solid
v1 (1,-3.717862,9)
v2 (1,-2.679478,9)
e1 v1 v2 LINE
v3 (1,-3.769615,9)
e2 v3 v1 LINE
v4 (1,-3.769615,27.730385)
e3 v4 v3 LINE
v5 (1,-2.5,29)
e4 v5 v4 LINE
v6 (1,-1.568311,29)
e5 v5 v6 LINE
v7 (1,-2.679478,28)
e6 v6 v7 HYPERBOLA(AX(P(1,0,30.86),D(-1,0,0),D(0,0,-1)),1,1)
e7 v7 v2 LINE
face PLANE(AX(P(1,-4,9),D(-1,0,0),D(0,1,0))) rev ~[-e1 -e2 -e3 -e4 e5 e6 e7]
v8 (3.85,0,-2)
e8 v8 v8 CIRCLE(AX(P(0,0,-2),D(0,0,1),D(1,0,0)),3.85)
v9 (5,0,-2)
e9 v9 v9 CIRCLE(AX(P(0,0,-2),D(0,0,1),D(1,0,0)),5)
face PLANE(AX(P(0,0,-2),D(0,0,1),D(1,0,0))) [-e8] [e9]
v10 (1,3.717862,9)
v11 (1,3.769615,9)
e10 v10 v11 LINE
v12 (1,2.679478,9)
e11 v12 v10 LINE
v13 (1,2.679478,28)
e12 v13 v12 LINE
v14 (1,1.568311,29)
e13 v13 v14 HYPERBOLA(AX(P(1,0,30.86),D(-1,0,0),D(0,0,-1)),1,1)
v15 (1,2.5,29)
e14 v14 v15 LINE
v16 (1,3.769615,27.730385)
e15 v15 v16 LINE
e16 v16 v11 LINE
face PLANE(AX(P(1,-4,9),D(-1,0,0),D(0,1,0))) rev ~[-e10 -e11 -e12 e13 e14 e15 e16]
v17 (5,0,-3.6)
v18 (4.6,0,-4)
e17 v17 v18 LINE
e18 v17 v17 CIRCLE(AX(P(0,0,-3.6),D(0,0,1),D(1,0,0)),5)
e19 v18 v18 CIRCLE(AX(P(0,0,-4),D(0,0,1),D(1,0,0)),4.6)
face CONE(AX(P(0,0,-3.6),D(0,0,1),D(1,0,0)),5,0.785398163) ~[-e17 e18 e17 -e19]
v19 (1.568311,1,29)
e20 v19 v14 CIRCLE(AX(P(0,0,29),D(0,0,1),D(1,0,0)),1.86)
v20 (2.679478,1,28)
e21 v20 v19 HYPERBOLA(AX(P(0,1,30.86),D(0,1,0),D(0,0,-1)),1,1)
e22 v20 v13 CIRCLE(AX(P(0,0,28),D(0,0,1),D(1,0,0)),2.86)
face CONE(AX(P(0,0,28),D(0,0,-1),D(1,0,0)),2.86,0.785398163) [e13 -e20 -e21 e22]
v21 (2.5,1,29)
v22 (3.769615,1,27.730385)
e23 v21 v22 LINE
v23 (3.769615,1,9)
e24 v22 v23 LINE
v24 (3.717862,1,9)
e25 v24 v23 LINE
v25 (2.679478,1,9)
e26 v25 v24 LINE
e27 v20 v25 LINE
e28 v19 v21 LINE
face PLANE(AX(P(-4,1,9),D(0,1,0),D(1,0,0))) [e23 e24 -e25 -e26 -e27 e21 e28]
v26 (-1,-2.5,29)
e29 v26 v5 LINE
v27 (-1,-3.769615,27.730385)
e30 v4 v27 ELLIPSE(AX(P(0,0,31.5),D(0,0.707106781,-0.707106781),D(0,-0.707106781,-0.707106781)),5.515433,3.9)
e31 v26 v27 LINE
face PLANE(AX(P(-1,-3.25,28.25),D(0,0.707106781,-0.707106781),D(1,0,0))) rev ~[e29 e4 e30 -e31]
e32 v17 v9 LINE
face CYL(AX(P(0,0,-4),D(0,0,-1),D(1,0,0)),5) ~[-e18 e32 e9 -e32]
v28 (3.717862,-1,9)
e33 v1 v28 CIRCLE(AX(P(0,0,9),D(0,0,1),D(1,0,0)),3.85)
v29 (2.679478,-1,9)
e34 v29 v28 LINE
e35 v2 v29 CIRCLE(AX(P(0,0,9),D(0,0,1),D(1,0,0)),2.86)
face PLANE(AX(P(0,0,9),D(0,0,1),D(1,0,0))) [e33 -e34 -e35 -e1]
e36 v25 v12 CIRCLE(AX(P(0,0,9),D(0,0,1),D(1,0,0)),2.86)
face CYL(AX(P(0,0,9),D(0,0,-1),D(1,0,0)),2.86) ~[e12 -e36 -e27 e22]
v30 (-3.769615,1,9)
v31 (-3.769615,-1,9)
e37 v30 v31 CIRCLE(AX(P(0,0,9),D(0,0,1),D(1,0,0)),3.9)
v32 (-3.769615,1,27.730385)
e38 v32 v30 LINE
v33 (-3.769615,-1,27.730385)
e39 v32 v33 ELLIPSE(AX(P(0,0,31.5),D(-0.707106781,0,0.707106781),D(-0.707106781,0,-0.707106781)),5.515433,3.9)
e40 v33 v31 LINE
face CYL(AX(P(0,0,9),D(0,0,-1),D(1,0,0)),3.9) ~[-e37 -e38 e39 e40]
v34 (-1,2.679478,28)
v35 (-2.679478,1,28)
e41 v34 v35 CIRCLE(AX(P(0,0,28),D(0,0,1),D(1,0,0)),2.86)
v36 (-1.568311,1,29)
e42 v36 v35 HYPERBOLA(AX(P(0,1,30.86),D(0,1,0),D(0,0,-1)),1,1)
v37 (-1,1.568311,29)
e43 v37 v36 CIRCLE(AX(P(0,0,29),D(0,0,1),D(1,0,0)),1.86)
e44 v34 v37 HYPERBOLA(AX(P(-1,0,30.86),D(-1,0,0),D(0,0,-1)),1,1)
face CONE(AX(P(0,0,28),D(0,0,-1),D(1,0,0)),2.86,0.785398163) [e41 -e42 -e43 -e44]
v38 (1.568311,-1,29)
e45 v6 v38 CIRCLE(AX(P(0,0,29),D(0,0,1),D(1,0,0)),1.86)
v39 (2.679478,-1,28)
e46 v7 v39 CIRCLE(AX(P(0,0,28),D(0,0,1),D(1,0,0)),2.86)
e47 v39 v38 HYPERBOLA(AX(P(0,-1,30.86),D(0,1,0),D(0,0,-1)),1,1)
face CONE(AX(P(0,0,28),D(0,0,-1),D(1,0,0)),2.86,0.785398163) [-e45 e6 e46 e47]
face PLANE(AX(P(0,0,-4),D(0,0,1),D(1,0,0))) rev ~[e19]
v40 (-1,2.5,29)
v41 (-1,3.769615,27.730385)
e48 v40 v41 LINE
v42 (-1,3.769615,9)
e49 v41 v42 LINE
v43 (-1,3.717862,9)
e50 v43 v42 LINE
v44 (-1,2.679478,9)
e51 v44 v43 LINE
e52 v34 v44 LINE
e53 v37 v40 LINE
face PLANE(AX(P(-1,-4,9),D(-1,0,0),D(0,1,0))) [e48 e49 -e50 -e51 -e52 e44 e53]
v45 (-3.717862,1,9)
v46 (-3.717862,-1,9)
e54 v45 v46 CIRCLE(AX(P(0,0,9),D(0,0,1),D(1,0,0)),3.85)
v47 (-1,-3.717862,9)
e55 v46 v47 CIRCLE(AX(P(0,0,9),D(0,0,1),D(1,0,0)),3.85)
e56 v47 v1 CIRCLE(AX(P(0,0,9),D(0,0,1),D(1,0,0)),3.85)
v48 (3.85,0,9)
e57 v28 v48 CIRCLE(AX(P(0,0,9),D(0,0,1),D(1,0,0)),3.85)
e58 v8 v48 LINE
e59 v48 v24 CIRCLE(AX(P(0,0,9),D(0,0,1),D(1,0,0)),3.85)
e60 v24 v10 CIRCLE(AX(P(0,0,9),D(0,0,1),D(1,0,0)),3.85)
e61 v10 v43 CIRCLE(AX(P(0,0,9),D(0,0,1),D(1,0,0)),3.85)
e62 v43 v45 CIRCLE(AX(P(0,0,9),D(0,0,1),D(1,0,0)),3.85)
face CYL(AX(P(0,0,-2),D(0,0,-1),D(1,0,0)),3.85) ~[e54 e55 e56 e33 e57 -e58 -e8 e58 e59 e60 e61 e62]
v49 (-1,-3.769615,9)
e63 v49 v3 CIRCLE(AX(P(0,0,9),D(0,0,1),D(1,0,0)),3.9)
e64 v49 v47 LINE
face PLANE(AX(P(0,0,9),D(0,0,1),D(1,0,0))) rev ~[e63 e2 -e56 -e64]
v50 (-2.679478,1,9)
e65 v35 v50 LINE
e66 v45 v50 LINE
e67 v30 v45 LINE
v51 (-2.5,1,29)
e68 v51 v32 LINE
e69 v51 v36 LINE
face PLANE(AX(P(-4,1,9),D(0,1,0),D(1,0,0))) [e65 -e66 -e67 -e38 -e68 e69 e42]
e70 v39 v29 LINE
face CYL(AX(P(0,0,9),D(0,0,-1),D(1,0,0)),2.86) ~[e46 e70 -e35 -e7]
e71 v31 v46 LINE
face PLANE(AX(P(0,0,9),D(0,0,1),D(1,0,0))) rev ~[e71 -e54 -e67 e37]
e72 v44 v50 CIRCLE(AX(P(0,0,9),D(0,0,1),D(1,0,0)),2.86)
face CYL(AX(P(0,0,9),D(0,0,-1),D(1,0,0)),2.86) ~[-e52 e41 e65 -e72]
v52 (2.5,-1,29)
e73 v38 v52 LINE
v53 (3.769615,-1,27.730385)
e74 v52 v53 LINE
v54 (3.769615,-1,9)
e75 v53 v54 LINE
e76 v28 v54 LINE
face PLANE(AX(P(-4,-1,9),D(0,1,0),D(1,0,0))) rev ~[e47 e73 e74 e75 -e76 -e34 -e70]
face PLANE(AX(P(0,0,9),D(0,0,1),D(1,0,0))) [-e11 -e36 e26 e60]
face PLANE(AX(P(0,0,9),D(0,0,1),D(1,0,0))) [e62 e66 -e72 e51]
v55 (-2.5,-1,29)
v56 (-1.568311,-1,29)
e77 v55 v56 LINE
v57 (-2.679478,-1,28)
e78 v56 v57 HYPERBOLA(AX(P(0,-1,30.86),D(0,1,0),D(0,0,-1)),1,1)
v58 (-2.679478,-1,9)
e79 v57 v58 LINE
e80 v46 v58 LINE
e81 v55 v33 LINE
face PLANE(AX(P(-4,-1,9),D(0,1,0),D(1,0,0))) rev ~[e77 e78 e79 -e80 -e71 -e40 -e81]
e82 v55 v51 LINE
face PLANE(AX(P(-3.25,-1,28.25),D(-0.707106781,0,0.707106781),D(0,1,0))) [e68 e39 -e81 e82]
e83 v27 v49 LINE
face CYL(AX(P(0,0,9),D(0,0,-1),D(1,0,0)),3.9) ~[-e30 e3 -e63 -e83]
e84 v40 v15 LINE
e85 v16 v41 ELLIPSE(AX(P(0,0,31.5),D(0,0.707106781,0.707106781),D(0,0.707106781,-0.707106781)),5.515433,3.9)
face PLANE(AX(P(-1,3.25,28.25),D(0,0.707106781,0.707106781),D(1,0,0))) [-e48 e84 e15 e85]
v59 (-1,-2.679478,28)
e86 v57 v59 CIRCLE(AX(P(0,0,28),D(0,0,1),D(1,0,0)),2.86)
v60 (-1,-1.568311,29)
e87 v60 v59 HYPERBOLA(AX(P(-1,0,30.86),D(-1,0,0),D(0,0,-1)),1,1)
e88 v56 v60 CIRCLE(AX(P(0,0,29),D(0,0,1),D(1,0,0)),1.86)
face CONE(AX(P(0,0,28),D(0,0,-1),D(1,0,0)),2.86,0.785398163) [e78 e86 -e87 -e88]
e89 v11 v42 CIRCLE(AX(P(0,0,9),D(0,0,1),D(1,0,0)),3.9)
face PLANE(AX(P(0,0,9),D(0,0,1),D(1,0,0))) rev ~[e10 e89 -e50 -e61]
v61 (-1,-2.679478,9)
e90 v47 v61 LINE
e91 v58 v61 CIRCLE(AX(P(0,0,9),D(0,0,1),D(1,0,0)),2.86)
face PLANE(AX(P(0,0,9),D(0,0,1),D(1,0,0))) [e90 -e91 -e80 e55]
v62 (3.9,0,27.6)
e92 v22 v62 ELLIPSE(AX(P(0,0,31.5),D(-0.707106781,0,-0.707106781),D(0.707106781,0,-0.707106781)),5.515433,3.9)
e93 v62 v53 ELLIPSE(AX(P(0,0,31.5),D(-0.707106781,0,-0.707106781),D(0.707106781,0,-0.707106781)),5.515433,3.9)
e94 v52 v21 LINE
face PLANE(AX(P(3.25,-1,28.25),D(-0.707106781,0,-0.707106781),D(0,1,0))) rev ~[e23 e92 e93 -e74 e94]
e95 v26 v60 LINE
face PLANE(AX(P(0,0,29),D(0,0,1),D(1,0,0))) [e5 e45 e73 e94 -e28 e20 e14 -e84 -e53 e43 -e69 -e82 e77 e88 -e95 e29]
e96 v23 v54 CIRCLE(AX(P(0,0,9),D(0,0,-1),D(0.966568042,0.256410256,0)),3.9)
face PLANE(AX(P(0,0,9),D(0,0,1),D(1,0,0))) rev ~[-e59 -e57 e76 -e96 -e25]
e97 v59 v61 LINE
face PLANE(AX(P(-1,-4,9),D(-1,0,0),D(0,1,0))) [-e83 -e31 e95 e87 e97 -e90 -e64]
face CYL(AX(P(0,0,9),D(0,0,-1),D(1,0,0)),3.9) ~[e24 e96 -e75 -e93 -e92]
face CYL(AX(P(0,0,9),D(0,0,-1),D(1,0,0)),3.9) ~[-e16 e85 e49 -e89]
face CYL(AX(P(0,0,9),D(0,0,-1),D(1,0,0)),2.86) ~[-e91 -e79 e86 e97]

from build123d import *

# Parameters (mm, degrees)
CYLINDER012_R     = 2.86
CYLINDER012_DEPTH = 20
CHAMFER003_SIZE   = 1
CYLINDER010_R     = 3.85
CYLINDER010_DEPTH = 11
CYLINDER009_R     = 5
CYLINDER009_DEPTH = 2
CYLINDER013_R     = 3.9
CYLINDER013_DEPTH = 20
BOX003_W          = 2
BOX003_H          = 8
BOX003_DEPTH      = 20
BOX002_W          = 8
BOX002_H          = 2
BOX002_DEPTH      = 20
CHAMFER002_SIZE   = 1.5
CHAMFER005_SIZE   = 0.4


with BuildPart() as chamfer003:
    # Cylinder012 → Cylinder012 (new body)
    with BuildSketch(Plane.XY.offset(9)):
        Circle(CYLINDER012_R)
    extrude(amount=CYLINDER012_DEPTH)

    # Chamfer003
    chamfer003_edges = [chamfer003.edges().sort_by_distance(p)[0] for p in [
        (-2.86, 0, 29),
    ]]
    chamfer(chamfer003_edges, length=CHAMFER003_SIZE)


with BuildPart() as cylinder010:
    # Cylinder010 → Cylinder010 (new body)
    with BuildSketch(Plane.XY.offset(-2)):
        Circle(CYLINDER010_R)
    extrude(amount=CYLINDER010_DEPTH)


with BuildPart() as cylinder009:
    # Cylinder009 → Cylinder009 (new body)
    with BuildSketch(Plane.XY.offset(-4)):
        Circle(CYLINDER009_R)
    extrude(amount=CYLINDER009_DEPTH)


with BuildPart() as cylinder013:
    # Cylinder013 → Cylinder013 (new body)
    with BuildSketch(Plane.XY.offset(9)):
        Circle(CYLINDER013_R)
    extrude(amount=CYLINDER013_DEPTH)


with BuildPart() as cube003:
    # Box003 → Box003 (new body)
    with BuildSketch(Plane(origin=(-1, -4, 9), x_dir=(1, 0, 0), z_dir=(0, 0, 1))):
        with Locations((1, 4)):
            Rectangle(BOX003_W, BOX003_H)
    extrude(amount=BOX003_DEPTH)


with BuildPart() as chamfer005:
    # Box002 → Box002 (new body)
    with BuildSketch(Plane(origin=(-4, -1, 9), x_dir=(1, 0, 0), z_dir=(0, 0, 1))):
        with Locations((4, 1)):
            Rectangle(BOX002_W, BOX002_H)
    extrude(amount=BOX002_DEPTH)

    # Fusion002: union Cube003
    add(cube003.part)

    # Chamfer002
    chamfer002_edges = [chamfer005.edges().sort_by_distance(p)[0] for p in [
        (-4, 0, 29),
        (0, -4, 29),
        (0, 4, 29),
        (4, 0, 29),
    ]]
    chamfer(chamfer002_edges, length=CHAMFER002_SIZE)

    # Common: intersect Cylinder013
    add(cylinder013.part, mode=Mode.INTERSECT)

    # Fusion003: union Chamfer003, Cylinder010, Cylinder009
    add(chamfer003.part)
    add(cylinder010.part)
    add(cylinder009.part)

    # Chamfer005
    chamfer005_edges = [chamfer005.edges().sort_by_distance(p)[0] for p in [
        (-5, 0, -4),
    ]]
    chamfer(chamfer005_edges, length=CHAMFER005_SIZE)


solid = chamfer005.part
